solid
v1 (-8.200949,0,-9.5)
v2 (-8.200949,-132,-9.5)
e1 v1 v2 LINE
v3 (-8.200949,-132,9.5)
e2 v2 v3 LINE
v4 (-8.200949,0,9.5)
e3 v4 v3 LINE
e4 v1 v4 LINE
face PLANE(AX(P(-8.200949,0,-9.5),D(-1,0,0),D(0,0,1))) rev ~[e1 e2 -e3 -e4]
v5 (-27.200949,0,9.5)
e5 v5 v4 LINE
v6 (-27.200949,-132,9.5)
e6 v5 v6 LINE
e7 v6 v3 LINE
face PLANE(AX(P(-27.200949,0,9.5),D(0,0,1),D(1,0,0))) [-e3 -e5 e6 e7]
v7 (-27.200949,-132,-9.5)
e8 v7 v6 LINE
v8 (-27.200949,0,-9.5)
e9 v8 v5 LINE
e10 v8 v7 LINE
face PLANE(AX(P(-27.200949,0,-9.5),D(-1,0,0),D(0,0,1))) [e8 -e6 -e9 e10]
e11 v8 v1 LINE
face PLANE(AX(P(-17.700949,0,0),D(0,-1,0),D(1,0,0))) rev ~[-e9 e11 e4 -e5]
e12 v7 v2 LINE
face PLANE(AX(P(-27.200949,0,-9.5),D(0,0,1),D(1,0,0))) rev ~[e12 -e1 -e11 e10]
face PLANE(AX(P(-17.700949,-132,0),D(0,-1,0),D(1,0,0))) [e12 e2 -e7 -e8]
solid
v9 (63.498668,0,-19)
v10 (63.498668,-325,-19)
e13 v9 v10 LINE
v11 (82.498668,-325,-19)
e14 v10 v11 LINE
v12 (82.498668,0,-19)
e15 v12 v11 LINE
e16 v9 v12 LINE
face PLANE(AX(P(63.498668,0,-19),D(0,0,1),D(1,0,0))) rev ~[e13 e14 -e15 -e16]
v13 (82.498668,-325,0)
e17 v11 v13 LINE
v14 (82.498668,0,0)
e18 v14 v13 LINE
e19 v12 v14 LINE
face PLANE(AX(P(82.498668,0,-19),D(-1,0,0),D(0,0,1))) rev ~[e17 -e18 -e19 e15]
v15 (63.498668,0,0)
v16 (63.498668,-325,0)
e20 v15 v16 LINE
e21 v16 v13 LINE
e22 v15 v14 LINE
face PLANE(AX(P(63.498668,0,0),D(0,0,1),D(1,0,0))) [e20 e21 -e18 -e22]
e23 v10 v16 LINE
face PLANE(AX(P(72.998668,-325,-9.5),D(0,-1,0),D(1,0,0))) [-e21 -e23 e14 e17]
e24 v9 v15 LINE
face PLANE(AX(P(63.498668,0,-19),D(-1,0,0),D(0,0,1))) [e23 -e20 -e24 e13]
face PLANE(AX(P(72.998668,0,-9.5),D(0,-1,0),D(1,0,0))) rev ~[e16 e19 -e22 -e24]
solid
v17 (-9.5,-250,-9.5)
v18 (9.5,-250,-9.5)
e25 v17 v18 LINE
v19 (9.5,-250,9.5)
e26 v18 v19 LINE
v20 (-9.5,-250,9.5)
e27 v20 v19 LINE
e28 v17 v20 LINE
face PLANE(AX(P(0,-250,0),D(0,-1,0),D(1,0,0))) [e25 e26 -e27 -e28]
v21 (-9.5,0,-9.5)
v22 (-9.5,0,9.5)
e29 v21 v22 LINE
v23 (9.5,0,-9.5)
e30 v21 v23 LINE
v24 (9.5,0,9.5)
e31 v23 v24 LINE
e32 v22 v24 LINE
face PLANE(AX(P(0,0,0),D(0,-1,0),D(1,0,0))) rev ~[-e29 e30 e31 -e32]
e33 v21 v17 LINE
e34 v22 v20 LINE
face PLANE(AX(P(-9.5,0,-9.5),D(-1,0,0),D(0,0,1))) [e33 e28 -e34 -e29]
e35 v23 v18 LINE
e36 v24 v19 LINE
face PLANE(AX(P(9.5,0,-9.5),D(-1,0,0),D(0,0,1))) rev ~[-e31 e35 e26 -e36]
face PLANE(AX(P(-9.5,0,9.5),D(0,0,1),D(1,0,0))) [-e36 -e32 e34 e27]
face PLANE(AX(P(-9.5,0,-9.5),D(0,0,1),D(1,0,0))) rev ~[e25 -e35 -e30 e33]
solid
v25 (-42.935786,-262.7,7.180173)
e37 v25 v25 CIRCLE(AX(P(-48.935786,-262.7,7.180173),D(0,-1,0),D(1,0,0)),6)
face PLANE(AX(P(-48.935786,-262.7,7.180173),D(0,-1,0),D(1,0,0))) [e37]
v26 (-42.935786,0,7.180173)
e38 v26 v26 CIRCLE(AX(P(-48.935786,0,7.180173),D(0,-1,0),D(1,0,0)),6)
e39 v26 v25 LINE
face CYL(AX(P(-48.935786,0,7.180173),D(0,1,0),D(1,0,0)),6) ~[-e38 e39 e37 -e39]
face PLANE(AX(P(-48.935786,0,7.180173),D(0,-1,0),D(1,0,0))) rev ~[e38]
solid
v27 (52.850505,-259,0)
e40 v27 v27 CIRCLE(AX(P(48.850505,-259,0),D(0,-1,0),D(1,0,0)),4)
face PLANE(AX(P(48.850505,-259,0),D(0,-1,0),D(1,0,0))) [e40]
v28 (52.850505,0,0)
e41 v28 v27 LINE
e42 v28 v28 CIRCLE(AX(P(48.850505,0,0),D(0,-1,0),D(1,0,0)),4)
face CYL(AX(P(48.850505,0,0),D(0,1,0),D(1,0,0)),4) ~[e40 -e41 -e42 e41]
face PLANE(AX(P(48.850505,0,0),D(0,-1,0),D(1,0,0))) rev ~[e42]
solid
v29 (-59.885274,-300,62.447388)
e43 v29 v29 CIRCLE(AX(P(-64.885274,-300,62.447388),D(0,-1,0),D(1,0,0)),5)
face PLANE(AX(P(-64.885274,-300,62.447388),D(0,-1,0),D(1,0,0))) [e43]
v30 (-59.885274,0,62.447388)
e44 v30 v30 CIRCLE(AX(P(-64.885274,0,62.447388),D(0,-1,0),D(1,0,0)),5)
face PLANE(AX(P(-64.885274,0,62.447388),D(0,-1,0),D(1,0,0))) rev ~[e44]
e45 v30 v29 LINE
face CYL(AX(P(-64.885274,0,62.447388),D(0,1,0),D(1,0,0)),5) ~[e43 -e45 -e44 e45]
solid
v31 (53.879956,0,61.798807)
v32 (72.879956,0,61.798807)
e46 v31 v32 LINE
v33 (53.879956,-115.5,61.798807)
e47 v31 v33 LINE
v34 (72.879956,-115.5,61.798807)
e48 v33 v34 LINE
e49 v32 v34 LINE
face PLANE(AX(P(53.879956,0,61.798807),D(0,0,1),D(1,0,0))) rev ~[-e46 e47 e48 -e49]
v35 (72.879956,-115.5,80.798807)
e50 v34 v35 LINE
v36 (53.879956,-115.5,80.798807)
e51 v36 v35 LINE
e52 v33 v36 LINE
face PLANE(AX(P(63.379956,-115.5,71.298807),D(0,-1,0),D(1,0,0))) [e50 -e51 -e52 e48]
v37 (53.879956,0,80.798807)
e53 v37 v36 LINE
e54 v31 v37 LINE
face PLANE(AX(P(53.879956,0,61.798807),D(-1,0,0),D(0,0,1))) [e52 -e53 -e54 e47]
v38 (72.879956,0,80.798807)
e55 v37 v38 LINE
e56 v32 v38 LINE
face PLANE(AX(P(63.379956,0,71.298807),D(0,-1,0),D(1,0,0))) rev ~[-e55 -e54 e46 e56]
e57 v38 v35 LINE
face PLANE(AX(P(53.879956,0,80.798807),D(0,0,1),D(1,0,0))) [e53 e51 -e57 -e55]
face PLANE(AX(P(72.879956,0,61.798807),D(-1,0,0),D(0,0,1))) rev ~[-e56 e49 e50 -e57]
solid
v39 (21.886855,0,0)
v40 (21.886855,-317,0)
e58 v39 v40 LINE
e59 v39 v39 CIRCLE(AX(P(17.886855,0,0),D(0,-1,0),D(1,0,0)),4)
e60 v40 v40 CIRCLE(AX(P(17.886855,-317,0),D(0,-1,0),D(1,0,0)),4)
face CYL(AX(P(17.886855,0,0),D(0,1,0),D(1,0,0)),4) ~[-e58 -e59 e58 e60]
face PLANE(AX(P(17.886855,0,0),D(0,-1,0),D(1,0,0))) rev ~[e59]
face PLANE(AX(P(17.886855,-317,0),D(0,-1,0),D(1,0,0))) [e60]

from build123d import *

# Parameters (mm, degrees)
F0_W      = 19
F0_H      = 19
F1_DEPTH  = 250
F2_W      = 19
F2_H      = 19
F3_DEPTH  = 132
F4_R      = 6
F5_DEPTH  = 262.7
F6_R      = 4
F7_DEPTH  = 259
F8_W      = 19
F8_H      = 19
F9_DEPTH  = 325
F10_R     = 4
F11_DEPTH = 317
F12_R     = 5
F13_DEPTH = 300
F14_W     = 19
F14_H     = 19
F15_DEPTH = 115.5


with BuildPart() as f1:
    # F0 (on Front) → F1 (new body)
    with BuildSketch(Plane.XZ):
        Rectangle(F0_W, F0_H)
    extrude(amount=F1_DEPTH)


with BuildPart() as f3:
    # F2 (on Front) → F3 (new body)
    with BuildSketch(Plane.XZ):
        with Locations((-17.700949, 0)):
            Rectangle(F2_W, F2_H)
    extrude(amount=F3_DEPTH)


with BuildPart() as f5:
    # F4 (on Front) → F5 (new body)
    with BuildSketch(Plane.XZ):
        with Locations((-48.935786, 7.180173)):
            Circle(F4_R)
    extrude(amount=F5_DEPTH)


with BuildPart() as f7:
    # F6 (on Front) → F7 (new body)
    with BuildSketch(Plane.XZ):
        with Locations((48.850505, 0)):
            Circle(F6_R)
    extrude(amount=F7_DEPTH)


with BuildPart() as f9:
    # F8 (on Front) → F9 (new body)
    with BuildSketch(Plane.XZ):
        with Locations((72.998668, -9.5)):
            Rectangle(F8_W, F8_H)
    extrude(amount=F9_DEPTH)


with BuildPart() as f11:
    # F10 (on Front) → F11 (new body)
    with BuildSketch(Plane.XZ):
        with Locations((17.886855, 0)):
            Circle(F10_R)
    extrude(amount=F11_DEPTH)


with BuildPart() as f13:
    # F12 (on Front) → F13 (new body)
    with BuildSketch(Plane.XZ):
        with Locations((-64.885274, 62.447388)):
            Circle(F12_R)
    extrude(amount=F13_DEPTH)


with BuildPart() as f15:
    # F14 (on Front) → F15 (new body)
    with BuildSketch(Plane.XZ):
        with Locations((63.379956, 71.298807)):
            Rectangle(F14_W, F14_H)
    extrude(amount=F15_DEPTH)


solid = Compound([f1.part, f3.part, f5.part, f7.part, f9.part, f11.part, f13.part, f15.part])
